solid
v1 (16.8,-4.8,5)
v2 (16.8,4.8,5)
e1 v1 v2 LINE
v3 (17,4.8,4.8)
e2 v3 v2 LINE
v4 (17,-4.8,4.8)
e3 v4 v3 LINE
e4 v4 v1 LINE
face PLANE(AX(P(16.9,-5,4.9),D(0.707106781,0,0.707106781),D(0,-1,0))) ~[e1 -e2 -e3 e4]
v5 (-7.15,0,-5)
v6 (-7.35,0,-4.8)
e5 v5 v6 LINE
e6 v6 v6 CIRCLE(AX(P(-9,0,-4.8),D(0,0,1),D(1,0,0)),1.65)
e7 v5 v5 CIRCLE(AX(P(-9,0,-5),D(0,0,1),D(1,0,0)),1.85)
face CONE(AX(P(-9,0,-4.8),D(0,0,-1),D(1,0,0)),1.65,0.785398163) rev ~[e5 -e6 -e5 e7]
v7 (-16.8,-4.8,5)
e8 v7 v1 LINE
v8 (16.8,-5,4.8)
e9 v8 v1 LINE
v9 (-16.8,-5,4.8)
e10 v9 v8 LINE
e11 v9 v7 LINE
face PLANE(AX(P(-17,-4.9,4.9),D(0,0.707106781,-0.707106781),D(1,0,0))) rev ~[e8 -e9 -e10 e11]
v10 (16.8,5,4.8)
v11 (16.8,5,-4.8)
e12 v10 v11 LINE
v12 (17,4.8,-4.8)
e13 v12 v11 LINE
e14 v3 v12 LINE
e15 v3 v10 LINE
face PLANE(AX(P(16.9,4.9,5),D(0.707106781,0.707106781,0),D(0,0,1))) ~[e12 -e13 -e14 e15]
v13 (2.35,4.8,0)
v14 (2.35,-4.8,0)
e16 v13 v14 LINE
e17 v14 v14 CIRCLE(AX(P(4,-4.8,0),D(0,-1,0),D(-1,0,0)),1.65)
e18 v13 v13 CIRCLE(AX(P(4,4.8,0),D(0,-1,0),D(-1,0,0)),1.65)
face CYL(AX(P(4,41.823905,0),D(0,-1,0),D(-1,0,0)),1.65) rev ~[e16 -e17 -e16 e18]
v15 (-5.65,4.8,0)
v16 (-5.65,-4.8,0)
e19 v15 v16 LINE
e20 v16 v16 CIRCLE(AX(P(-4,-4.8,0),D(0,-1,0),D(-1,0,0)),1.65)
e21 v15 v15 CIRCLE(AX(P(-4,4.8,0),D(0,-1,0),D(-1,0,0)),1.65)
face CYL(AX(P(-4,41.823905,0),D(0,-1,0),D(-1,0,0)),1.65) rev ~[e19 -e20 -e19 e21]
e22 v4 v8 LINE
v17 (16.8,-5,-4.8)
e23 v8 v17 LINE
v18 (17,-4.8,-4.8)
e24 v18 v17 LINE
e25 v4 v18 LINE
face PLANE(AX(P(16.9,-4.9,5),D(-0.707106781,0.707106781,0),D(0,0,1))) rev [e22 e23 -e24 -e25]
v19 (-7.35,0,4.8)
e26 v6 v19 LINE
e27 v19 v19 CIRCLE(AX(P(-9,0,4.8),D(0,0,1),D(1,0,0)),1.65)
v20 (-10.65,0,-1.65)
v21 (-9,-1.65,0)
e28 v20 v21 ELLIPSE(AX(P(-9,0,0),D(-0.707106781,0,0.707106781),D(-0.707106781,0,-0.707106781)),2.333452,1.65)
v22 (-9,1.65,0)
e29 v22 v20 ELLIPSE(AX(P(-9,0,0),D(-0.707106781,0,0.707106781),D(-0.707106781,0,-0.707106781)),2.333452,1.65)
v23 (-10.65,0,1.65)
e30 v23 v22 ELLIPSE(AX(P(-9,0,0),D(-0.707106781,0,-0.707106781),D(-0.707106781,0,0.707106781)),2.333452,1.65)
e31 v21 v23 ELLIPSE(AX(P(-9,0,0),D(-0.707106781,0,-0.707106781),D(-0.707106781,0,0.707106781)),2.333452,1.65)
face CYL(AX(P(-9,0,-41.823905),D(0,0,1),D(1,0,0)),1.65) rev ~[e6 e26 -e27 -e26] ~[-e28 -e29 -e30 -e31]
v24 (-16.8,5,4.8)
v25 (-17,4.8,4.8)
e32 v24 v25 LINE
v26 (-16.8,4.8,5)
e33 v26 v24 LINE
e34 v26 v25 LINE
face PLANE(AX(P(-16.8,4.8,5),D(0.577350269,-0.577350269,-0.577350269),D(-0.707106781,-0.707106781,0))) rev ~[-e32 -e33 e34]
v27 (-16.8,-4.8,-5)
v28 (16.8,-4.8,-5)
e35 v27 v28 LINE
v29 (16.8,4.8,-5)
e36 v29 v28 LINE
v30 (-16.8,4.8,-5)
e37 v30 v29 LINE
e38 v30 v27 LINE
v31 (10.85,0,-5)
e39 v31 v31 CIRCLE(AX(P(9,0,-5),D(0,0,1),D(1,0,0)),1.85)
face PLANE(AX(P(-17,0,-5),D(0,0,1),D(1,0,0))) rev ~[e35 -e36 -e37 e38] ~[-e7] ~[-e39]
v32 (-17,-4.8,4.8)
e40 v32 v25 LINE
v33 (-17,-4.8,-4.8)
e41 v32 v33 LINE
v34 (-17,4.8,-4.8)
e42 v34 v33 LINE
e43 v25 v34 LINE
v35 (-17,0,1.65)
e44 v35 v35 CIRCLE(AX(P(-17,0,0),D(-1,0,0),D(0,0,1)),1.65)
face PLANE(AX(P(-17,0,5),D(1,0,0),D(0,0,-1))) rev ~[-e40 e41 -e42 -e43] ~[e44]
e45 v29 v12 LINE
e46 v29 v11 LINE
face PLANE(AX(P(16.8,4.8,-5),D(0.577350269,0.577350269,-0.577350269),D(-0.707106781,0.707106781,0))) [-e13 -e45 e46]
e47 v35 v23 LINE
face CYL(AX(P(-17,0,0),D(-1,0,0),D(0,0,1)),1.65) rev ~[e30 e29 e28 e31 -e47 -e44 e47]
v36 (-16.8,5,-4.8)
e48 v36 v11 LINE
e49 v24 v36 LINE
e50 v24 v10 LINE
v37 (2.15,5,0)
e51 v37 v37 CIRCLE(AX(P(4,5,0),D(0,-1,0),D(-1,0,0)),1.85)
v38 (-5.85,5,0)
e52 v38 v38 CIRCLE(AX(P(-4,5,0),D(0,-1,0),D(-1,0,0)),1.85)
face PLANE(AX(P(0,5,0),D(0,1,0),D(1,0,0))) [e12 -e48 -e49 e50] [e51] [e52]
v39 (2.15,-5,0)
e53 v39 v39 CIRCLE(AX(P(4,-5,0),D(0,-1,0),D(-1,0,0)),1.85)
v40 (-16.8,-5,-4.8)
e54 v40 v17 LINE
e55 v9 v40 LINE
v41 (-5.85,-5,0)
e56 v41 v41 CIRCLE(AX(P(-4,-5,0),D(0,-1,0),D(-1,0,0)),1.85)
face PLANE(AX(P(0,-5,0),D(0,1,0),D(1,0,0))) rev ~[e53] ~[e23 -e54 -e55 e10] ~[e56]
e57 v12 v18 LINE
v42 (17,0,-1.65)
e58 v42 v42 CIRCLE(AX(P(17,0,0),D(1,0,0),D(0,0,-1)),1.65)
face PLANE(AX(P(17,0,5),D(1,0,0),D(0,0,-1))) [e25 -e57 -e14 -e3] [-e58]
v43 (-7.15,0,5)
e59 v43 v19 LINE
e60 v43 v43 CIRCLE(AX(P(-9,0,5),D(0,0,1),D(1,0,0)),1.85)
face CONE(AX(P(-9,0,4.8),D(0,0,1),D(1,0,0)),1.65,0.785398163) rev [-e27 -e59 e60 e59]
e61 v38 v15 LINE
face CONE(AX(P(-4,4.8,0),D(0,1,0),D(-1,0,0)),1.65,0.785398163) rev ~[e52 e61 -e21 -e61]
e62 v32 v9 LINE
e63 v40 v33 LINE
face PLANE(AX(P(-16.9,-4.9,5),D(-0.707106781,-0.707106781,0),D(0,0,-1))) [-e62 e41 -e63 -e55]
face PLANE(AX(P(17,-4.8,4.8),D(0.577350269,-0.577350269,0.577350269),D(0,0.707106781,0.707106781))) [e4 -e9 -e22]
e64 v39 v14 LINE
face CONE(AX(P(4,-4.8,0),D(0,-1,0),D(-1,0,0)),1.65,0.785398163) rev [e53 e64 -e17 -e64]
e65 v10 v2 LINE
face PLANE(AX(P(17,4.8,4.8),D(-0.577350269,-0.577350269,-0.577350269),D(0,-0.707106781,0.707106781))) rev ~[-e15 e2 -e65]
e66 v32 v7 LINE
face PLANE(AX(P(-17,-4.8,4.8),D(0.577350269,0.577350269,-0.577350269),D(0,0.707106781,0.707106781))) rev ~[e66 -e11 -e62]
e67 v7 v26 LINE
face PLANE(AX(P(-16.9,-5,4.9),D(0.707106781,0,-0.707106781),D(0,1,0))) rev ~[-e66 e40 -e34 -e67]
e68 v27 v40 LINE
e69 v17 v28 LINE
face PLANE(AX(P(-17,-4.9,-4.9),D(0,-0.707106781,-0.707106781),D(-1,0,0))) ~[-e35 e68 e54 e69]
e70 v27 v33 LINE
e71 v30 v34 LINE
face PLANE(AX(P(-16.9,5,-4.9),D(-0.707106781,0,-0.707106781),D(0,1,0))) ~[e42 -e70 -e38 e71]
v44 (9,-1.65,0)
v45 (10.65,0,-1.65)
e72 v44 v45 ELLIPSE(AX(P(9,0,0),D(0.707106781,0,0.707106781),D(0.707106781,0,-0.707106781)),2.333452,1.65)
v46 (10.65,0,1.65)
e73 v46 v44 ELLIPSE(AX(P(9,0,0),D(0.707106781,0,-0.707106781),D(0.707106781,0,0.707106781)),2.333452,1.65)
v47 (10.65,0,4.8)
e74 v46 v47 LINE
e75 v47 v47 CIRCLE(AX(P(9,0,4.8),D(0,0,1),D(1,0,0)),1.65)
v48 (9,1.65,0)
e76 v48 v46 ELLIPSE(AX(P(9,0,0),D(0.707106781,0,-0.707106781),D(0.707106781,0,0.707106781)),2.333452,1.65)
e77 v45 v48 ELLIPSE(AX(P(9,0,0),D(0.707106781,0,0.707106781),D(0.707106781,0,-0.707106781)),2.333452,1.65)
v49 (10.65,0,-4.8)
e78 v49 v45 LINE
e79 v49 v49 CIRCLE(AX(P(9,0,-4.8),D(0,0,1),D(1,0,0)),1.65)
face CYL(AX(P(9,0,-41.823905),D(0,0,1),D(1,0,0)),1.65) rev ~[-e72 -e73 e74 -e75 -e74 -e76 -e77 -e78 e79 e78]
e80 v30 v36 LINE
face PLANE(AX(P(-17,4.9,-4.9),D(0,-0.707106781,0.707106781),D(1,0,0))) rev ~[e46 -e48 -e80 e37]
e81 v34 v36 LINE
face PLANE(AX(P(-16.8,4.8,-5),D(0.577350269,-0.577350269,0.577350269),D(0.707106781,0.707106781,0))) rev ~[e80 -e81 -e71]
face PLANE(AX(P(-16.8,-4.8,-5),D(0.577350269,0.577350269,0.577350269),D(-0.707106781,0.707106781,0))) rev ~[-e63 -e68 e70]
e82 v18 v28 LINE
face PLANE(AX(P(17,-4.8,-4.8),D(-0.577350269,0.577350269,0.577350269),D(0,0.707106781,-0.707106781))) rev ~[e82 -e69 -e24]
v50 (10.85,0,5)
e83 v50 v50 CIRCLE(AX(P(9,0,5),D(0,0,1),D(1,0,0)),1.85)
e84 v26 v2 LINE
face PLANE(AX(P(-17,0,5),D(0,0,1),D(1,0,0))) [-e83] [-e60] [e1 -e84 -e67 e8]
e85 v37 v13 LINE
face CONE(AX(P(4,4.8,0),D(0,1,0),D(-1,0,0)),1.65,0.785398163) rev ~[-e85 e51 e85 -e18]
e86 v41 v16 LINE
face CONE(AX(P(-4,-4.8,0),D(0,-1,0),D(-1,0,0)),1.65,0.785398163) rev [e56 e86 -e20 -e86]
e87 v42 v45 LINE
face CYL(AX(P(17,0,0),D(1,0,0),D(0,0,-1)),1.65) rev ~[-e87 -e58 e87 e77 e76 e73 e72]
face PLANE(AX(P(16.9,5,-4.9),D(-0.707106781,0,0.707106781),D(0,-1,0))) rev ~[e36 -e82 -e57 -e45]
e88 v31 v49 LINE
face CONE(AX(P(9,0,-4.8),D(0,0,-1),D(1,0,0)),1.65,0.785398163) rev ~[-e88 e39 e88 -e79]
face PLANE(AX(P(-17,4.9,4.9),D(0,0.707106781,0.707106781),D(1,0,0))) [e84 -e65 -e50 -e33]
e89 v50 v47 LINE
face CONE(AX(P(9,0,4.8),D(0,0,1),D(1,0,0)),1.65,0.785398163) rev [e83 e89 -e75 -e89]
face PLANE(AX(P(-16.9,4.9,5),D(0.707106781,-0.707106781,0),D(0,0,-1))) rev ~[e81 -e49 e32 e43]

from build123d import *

# Parameters (mm, degrees)
SKETCH_1_W              = 34
SKETCH_1_H              = 10
EXTRUDE_1_DEPTH         = 5
HOLE_WIZARD_M4_1_D      = 3.3
HOLE_WIZARD_M4_2_D      = 3.3
CHAMFER_1_SIZE          = 0.2
HOLE_WIZARD_M4_3_REACH  = 36.728
HOLE_WIZARD_M4_3_BORE_R = 1.65
HOLE_WIZARD_M4_4_REACH  = 36.728
HOLE_WIZARD_M4_4_BORE_R = 1.65


with BuildPart() as part:
    # 草图1 → 凸台-拉伸1 (new, symmetric)
    with BuildSketch(Plane(origin=(0, 0, 0), x_dir=(1, 0, 0), z_dir=(0, 1, 0))):
        Rectangle(SKETCH_1_W, SKETCH_1_H)
    extrude(amount=EXTRUDE_1_DEPTH, both=True)

    # M4 螺纹孔1 (through all)
    with Locations(Plane(origin=(0, 5, 0), x_dir=(1, 0, 0), z_dir=(0, 1, 0))):
        with Locations((-4, 0), (4, 0)):
            Hole(HOLE_WIZARD_M4_1_D / 2)

    # M4 螺纹孔2 (through all)
    with Locations(Plane(origin=(0, 0, -5), x_dir=(-1, 0, 0), z_dir=(0, 0, -1))):
        with Locations((-9, 0), (9, 0)):
            Hole(HOLE_WIZARD_M4_2_D / 2)

    # 倒角1
    chamfer_1_edges = [part.edges().sort_by_distance(p)[0] for p in [
        (-17, 5, 0),
        (5.65, 5, 0),
        (5.65, -5, 0),
        (0, 5, 5),
        (-2.35, 5, 0),
        (-2.35, -5, 0),
        (-10.65, 0, -5),
        (-10.65, 0, 5),
        (7.35, 0, -5),
        (7.35, 0, 5),
        (17, 5, 0),
        (0, -5, 5),
        (-17, -5, 0),
        (0, -5, -5),
        (17, -5, 0),
        (17, 0, 5),
        (-17, 0, 5),
        (-17, 0, -5),
        (17, 0, -5),
        (0, 5, -5),
    ]]
    chamfer(chamfer_1_edges, length=CHAMFER_1_SIZE)

    # M4 螺纹孔3 bore → M4 螺纹孔3 (cut, up to next)
    with BuildSketch(Plane.ZY.offset(17), mode=Mode.PRIVATE) as hole_wizard_m4_3_sk1:
        Circle(HOLE_WIZARD_M4_3_BORE_R)
    hole_wizard_m4_3_tool1 = extrude(hole_wizard_m4_3_sk1.sketch, amount=-HOLE_WIZARD_M4_3_REACH, mode=Mode.PRIVATE) & part.part
    add(hole_wizard_m4_3_tool1.solids().sort_by_distance((-17, 0, 0))[0], mode=Mode.SUBTRACT)

    # M4 螺纹孔4 bore → M4 螺纹孔4 (cut, up to next)
    with BuildSketch(Plane(origin=(17, 0, 0), x_dir=(0, 0, -1), z_dir=(1, 0, 0)), mode=Mode.PRIVATE) as hole_wizard_m4_4_sk1:
        Circle(HOLE_WIZARD_M4_4_BORE_R)
    hole_wizard_m4_4_tool1 = extrude(hole_wizard_m4_4_sk1.sketch, amount=-HOLE_WIZARD_M4_4_REACH, mode=Mode.PRIVATE) & part.part
    add(hole_wizard_m4_4_tool1.solids().sort_by_distance((17, 0, 0))[0], mode=Mode.SUBTRACT)


solid = part.part
